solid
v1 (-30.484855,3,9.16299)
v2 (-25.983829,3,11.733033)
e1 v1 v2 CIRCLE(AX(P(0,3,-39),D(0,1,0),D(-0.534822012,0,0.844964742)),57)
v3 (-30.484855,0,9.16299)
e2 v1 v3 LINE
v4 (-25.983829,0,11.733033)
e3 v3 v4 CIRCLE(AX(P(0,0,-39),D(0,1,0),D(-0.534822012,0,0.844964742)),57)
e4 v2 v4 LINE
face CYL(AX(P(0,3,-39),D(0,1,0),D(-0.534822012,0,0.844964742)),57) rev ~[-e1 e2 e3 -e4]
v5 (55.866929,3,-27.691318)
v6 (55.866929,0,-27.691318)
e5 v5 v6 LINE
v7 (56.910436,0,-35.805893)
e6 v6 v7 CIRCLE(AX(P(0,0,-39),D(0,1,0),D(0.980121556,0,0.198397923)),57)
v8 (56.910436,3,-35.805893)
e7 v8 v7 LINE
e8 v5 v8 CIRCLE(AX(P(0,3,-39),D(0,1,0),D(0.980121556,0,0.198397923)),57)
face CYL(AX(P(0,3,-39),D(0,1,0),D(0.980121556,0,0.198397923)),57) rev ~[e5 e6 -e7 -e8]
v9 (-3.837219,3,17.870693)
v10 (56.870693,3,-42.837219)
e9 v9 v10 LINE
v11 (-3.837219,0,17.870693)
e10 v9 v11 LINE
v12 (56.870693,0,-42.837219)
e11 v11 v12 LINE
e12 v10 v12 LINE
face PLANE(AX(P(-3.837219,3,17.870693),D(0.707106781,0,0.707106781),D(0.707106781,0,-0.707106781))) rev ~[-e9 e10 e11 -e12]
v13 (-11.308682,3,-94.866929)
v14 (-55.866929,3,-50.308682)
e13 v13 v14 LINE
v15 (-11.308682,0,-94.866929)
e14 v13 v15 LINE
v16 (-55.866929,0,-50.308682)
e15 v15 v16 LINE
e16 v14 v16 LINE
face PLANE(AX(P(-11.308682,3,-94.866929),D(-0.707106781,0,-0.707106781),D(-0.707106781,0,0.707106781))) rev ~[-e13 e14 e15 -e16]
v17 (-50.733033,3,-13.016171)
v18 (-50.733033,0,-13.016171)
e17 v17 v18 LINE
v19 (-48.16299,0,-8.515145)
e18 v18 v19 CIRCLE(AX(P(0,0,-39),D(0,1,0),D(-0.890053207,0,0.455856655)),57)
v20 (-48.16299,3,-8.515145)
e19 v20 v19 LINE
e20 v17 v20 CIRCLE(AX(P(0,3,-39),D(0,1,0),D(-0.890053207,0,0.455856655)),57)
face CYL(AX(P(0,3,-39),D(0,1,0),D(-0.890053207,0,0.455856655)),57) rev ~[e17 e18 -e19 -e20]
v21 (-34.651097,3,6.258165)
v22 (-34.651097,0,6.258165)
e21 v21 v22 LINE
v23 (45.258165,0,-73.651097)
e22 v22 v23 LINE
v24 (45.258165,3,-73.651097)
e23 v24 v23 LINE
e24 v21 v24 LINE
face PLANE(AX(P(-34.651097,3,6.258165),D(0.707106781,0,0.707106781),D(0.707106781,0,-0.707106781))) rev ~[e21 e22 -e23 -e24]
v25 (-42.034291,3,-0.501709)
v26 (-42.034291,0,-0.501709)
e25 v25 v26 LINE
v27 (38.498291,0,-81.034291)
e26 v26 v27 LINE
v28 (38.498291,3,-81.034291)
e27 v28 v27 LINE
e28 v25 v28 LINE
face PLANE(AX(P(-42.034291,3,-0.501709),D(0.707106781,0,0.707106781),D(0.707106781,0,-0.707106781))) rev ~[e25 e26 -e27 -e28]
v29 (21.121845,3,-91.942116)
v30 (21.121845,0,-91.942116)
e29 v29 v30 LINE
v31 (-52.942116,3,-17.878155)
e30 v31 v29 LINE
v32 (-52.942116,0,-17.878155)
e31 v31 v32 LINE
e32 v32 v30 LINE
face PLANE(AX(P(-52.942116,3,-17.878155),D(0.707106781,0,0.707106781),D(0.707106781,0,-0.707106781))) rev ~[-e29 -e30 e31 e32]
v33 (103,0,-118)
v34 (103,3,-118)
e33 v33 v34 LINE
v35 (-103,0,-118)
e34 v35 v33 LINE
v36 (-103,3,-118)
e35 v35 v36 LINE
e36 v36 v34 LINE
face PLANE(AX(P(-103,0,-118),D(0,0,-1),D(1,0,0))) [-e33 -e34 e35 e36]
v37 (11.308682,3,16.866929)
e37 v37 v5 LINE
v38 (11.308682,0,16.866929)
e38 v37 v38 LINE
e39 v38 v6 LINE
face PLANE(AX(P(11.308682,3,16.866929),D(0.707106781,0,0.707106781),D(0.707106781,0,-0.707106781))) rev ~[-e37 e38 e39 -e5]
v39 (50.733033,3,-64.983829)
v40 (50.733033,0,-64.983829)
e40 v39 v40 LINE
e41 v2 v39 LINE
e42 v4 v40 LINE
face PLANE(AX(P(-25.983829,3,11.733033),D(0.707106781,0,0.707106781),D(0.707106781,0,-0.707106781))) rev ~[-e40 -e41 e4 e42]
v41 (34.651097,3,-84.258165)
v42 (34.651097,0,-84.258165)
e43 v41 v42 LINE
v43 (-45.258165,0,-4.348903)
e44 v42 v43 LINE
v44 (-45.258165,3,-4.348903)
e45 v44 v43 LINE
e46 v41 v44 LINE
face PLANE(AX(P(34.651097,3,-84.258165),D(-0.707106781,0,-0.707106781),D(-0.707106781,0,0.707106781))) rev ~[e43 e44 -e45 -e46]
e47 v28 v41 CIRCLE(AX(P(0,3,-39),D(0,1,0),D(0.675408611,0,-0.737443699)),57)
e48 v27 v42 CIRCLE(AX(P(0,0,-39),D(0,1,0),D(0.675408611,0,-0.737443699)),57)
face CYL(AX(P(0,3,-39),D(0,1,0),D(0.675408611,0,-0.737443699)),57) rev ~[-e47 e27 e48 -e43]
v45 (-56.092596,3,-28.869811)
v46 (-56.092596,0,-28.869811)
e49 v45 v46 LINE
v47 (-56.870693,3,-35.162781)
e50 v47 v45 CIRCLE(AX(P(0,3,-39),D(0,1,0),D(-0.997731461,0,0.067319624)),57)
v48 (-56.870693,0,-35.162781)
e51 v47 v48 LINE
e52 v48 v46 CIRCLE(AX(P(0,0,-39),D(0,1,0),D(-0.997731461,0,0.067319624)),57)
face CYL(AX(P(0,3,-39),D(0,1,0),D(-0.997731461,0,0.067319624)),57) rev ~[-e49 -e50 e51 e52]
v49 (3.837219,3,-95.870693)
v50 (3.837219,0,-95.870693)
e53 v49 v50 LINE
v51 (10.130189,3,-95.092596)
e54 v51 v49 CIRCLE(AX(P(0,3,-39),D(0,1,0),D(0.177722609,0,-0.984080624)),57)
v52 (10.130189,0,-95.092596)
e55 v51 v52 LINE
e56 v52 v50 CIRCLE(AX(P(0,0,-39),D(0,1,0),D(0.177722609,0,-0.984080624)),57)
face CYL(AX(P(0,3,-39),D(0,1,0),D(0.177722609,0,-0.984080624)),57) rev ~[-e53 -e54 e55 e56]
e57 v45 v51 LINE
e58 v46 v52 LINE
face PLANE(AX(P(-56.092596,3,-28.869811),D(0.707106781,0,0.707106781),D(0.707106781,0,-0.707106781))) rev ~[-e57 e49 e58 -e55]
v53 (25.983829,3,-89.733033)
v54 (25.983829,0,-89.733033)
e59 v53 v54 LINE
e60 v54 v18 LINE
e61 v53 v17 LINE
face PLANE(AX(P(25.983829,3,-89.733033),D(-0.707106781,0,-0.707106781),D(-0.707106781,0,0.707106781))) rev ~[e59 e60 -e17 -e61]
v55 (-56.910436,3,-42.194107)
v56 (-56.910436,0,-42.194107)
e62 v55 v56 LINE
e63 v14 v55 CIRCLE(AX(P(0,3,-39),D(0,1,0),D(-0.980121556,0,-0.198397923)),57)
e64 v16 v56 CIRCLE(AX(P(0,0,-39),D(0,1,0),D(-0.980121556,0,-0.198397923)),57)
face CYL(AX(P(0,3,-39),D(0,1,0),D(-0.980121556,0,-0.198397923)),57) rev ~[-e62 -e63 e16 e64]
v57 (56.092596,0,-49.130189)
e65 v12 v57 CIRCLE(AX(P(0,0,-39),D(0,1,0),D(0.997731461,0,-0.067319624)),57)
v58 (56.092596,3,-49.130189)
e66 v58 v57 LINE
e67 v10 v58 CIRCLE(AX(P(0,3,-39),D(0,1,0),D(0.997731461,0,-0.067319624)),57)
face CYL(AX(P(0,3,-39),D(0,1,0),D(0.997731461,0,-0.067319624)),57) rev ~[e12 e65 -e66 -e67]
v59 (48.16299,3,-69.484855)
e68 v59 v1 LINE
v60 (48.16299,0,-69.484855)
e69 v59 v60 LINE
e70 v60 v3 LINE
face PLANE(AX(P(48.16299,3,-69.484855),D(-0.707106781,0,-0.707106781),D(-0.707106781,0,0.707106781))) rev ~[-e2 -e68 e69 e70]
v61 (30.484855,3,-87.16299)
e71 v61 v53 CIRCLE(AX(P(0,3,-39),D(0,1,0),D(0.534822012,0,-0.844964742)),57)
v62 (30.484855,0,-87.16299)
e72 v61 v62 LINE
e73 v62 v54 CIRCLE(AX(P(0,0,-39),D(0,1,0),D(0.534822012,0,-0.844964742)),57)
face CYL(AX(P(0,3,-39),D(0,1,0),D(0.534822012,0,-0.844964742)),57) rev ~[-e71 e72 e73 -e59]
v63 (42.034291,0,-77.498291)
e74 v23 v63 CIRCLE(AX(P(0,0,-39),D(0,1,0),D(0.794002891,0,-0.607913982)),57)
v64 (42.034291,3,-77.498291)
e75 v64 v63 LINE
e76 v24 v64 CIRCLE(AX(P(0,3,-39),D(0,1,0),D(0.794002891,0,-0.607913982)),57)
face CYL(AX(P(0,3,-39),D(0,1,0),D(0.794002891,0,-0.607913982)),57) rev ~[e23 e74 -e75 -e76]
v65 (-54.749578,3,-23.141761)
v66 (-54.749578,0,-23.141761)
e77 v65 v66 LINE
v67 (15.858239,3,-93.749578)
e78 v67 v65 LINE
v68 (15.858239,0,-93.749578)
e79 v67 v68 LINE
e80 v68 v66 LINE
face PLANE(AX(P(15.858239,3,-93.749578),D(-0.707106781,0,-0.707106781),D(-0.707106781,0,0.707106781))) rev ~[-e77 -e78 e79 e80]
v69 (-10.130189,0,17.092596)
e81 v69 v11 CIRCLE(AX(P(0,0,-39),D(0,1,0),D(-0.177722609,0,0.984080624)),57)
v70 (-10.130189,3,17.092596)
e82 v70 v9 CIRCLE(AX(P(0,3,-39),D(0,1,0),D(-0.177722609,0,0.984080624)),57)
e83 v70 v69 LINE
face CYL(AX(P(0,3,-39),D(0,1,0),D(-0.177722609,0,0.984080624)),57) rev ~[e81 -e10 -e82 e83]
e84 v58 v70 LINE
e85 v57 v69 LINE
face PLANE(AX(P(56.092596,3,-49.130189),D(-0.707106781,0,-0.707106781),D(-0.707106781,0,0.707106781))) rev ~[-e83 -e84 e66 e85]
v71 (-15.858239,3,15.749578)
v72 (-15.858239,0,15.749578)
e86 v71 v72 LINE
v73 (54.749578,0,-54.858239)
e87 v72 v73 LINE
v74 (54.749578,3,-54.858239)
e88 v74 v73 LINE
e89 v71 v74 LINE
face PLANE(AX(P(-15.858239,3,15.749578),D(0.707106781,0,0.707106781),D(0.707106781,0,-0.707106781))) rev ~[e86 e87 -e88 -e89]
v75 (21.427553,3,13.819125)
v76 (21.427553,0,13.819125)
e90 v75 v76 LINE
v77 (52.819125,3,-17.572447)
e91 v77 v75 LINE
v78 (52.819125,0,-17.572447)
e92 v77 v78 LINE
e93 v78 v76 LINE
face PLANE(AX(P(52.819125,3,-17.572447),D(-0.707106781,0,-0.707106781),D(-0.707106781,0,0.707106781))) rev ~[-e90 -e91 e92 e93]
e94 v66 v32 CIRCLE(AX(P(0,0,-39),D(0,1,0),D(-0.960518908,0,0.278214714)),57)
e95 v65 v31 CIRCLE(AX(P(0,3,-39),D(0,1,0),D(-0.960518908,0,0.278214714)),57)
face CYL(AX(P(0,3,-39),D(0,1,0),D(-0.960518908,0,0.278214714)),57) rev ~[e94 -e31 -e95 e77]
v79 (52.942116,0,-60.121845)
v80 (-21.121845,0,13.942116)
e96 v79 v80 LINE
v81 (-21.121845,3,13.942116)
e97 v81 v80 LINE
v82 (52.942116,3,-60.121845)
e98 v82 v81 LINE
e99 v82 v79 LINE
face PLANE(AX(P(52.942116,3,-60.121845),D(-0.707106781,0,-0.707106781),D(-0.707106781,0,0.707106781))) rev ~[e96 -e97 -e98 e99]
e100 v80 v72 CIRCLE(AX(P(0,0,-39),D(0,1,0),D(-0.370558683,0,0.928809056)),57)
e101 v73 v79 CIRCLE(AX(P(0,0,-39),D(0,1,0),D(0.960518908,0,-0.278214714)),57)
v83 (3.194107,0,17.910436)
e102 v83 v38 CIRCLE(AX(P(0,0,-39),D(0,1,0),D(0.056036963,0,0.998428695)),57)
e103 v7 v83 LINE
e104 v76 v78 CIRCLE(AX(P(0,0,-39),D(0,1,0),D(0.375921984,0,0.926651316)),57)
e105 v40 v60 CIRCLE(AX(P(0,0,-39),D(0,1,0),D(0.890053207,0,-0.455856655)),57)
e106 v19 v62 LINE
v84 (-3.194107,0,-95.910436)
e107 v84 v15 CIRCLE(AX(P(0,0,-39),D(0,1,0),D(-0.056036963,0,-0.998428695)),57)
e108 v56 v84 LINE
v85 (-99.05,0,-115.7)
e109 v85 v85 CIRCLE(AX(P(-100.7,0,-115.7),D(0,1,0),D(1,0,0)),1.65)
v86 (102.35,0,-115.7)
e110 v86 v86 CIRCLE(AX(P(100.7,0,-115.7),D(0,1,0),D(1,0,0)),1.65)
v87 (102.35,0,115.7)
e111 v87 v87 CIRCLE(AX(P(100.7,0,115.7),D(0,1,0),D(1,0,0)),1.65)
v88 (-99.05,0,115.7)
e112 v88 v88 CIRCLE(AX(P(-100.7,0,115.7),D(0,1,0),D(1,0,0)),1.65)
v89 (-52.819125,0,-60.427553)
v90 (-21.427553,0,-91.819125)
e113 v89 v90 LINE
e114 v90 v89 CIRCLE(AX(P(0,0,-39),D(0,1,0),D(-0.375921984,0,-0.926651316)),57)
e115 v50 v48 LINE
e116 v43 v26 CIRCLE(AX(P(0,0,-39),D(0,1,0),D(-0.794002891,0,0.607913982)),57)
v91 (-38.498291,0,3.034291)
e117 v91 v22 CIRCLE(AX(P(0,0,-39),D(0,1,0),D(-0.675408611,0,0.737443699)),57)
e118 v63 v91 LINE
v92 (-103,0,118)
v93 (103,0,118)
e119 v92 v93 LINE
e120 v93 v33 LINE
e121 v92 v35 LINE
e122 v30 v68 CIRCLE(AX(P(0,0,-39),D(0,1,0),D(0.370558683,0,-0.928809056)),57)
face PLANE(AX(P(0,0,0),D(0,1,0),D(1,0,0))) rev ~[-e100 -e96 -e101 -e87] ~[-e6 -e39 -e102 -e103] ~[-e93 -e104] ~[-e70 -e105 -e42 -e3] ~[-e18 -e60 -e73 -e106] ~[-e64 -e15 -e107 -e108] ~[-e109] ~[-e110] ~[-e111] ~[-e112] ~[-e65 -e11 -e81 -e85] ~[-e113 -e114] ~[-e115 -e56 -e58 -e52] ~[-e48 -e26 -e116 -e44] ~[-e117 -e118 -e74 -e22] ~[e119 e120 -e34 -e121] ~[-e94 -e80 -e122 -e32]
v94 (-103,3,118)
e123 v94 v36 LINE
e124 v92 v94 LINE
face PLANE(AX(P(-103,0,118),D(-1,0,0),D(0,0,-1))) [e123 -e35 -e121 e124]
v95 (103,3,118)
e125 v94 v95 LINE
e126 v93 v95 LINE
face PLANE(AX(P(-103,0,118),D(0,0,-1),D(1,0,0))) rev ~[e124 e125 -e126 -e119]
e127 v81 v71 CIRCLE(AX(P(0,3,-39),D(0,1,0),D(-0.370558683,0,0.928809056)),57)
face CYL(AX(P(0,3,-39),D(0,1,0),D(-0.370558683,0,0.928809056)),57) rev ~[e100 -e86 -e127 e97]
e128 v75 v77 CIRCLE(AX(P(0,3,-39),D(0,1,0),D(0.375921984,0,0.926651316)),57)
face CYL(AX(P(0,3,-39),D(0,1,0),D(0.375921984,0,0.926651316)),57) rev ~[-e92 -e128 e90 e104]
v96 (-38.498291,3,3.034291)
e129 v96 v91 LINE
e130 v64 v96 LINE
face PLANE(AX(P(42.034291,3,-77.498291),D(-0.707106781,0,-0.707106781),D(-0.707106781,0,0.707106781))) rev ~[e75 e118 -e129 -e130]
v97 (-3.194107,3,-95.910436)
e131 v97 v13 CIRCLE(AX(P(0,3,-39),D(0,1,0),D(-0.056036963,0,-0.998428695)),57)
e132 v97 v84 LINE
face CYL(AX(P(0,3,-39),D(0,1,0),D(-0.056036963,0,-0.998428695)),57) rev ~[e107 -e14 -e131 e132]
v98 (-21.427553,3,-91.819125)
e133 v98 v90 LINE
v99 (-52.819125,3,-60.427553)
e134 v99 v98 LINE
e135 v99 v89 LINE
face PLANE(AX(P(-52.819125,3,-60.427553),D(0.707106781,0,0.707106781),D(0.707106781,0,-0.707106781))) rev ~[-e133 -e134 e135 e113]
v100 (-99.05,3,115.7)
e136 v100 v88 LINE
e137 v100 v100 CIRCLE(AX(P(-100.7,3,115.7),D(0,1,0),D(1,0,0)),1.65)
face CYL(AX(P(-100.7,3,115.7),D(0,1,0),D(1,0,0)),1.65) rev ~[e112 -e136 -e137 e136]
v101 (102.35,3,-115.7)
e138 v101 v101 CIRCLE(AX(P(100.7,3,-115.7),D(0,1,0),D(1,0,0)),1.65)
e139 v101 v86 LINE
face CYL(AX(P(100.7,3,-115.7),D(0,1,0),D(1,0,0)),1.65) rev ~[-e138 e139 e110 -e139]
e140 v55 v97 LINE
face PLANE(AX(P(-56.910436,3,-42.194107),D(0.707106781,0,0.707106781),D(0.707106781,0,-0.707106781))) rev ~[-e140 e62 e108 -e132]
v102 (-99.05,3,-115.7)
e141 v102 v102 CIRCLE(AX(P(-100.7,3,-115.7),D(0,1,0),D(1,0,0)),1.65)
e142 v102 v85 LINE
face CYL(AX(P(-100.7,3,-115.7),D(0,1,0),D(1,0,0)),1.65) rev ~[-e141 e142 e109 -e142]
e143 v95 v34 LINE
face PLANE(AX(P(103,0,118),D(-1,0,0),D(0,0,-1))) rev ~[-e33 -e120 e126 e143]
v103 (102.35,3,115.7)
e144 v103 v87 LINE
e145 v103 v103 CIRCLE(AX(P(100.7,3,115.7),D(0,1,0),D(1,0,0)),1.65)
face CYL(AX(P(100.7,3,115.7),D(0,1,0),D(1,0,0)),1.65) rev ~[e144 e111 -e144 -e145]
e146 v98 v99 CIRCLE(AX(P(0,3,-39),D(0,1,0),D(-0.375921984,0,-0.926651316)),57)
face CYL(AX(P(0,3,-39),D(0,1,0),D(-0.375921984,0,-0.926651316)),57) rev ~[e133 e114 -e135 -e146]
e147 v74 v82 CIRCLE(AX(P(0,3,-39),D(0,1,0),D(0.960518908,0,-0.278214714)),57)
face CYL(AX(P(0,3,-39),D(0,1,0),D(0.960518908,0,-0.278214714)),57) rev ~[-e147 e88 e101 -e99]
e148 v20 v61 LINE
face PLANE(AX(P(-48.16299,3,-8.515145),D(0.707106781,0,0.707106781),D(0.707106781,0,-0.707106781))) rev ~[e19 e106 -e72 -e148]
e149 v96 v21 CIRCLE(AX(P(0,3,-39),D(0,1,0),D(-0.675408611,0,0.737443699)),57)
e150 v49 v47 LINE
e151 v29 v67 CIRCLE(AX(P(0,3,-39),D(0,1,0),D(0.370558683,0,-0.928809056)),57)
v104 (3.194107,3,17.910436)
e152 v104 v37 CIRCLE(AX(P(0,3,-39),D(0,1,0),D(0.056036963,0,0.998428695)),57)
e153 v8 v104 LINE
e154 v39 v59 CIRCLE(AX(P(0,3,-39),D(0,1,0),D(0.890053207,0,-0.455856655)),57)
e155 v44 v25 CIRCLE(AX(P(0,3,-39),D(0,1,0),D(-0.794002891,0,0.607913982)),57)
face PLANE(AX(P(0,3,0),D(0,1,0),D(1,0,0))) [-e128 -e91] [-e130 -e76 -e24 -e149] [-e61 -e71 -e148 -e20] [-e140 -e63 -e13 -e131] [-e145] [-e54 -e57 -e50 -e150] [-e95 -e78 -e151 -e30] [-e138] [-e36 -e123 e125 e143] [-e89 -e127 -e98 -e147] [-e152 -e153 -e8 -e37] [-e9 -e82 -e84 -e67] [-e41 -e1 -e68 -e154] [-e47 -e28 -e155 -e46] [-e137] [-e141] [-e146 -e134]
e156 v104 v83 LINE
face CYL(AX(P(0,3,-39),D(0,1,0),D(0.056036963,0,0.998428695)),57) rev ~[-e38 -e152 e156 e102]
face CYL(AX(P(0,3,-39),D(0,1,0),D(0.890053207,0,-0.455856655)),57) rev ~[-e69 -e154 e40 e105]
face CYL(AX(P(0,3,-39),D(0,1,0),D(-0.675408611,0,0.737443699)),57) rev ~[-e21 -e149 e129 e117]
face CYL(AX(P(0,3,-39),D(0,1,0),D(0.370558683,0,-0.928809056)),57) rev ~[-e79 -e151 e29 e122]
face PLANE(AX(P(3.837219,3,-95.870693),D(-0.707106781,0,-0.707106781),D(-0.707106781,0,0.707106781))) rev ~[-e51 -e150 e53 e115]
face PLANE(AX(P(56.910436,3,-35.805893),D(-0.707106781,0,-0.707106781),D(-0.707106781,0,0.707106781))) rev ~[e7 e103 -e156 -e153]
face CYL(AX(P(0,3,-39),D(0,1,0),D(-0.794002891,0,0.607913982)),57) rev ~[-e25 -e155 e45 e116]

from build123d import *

# Parameters (mm, degrees)
SKIZZE1_W                       = 206
SKIZZE1_H                       = 236
AUFSATZ_LINEAR_AUSTRAGEN1_DEPTH = 3
SCHNITT_LINEAR_AUSTRAGEN2_DEPTH = 3
SKIZZE3_R                       = 1.65
SCHNITT_LINEAR_AUSTRAGEN3_DEPTH = 3


with BuildPart() as part:
    # Skizze1 → Aufsatz-Linear austragen1 (new body)
    with BuildSketch(Plane(origin=(0, 0, 0), x_dir=(1, 0, 0), z_dir=(0, 1, 0))):
        Rectangle(SKIZZE1_W, SKIZZE1_H)
    extrude(amount=AUFSATZ_LINEAR_AUSTRAGEN1_DEPTH)

    # Skizze2 → Schnitt-Linear austragen2 (cut)
    with BuildSketch(Plane(origin=(0, 3, 0), x_dir=(1, 0, 0), z_dir=(0, 1, 0))):
        with BuildLine():
            ThreePointArc((-21.427553093, 91.819125025), (-40.305086528, 79.305086528), (-52.819125025, 60.427553093))
            Line((-52.819125025, 60.427553093), (-21.427553093, 91.819125025))
        make_face()
        with BuildLine():
            ThreePointArc((-55.866928677, 50.30868163), (-56.534459002, 46.27014067), (-56.910435609, 42.194106886))
            Line((-56.910435609, 42.194106886), (-3.194106886, 95.910435609))
            ThreePointArc((-3.194106886, 95.910435609), (-7.27014067, 95.534459002), (-11.30868163, 94.866928677))
            Line((-11.30868163, 94.866928677), (-55.866928677, 50.30868163))
        make_face()
        with BuildLine():
            ThreePointArc((-56.870693274, 35.162781409), (-56.569218878, 32.005468167), (-56.092595564, 28.869811308))
            Line((-56.092595564, 28.869811308), (10.130188692, 95.092595564))
            ThreePointArc((10.130188692, 95.092595564), (6.994531833, 95.569218878), (3.837218591, 95.870693274))
            Line((3.837218591, 95.870693274), (-56.870693274, 35.162781409))
        make_face()
        with BuildLine():
            ThreePointArc((-54.749577763, 23.141761296), (-53.910125432, 20.487885699), (-52.942116187, 17.878155061))
            Line((-52.942116187, 17.878155061), (21.121844939, 91.942116187))
            ThreePointArc((21.121844939, 91.942116187), (18.512114301, 92.910125432), (15.858238704, 93.749577763))
            Line((15.858238704, 93.749577763), (-54.749577763, 23.141761296))
        make_face()
        with BuildLine():
            ThreePointArc((-50.733032764, 13.016170672), (-49.499198499, 10.736430728), (-48.162990305, 8.515145319))
            Line((-48.162990305, 8.515145319), (30.484854681, 87.162990305))
            ThreePointArc((30.484854681, 87.162990305), (28.263569272, 88.499198499), (25.983829328, 89.733032764))
            Line((25.983829328, 89.733032764), (-50.733032764, 13.016170672))
        make_face()
        with BuildLine():
            ThreePointArc((-45.258164778, 4.348903034), (-43.688596063, 2.389802322), (-42.034290815, 0.501709185))
            Line((-42.034290815, 0.501709185), (38.498290815, 81.034290815))
            ThreePointArc((38.498290815, 81.034290815), (36.610197678, 82.688596063), (34.651096966, 84.258164778))
            Line((34.651096966, 84.258164778), (-45.258164778, 4.348903034))
        make_face()
        with BuildLine():
            Line((42.034290815, 77.498290815), (-38.498290815, -3.034290815))
            ThreePointArc((-38.498290815, -3.034290815), (-36.610197678, -4.688596063), (-34.651096966, -6.258164778))
            Line((-34.651096966, -6.258164778), (45.258164778, 73.651096966))
            ThreePointArc((45.258164778, 73.651096966), (43.688596063, 75.610197678), (42.034290815, 77.498290815))
        make_face()
        with BuildLine():
            Line((48.162990305, 69.484854681), (-30.484854681, -9.162990305))
            ThreePointArc((-30.484854681, -9.162990305), (-28.263569272, -10.499198499), (-25.983829328, -11.733032764))
            Line((-25.983829328, -11.733032764), (50.733032764, 64.983829328))
            ThreePointArc((50.733032764, 64.983829328), (49.499198499, 67.263569272), (48.162990305, 69.484854681))
        make_face()
        with BuildLine():
            Line((52.942116187, 60.121844939), (-21.121844939, -13.942116187))
            ThreePointArc((-21.121844939, -13.942116187), (-18.512114301, -14.910125432), (-15.858238704, -15.749577763))
            Line((-15.858238704, -15.749577763), (54.749577763, 54.858238704))
            ThreePointArc((54.749577763, 54.858238704), (53.910125432, 57.512114301), (52.942116187, 60.121844939))
        make_face()
        with BuildLine():
            Line((56.092595564, 49.130188692), (-10.130188692, -17.092595564))
            ThreePointArc((-10.130188692, -17.092595564), (-6.994531833, -17.569218878), (-3.837218591, -17.870693274))
            Line((-3.837218591, -17.870693274), (56.870693274, 42.837218591))
            ThreePointArc((56.870693274, 42.837218591), (56.569218878, 45.994531833), (56.092595564, 49.130188692))
        make_face()
        with BuildLine():
            Line((56.910435609, 35.805893114), (3.194106886, -17.910435609))
            ThreePointArc((3.194106886, -17.910435609), (7.27014067, -17.534459002), (11.30868163, -16.866928677))
            Line((11.30868163, -16.866928677), (55.866928677, 27.69131837))
            ThreePointArc((55.866928677, 27.69131837), (56.534459002, 31.72985933), (56.910435609, 35.805893114))
        make_face()
        with BuildLine():
            Line((52.819125025, 17.572446907), (21.427553093, -13.819125025))
            ThreePointArc((21.427553093, -13.819125025), (40.305086528, -1.305086528), (52.819125025, 17.572446907))
        make_face()
    extrude(amount=-SCHNITT_LINEAR_AUSTRAGEN2_DEPTH, mode=Mode.SUBTRACT)

    # Skizze3 → Schnitt-Linear austragen3 (cut)
    with BuildSketch(Plane(origin=(0, 3, 0), x_dir=(1, 0, 0), z_dir=(0, 1, 0))):
        with Locations((-100.7, 115.7)):
            Circle(SKIZZE3_R)
        with Locations((100.7, 115.7)):
            Circle(SKIZZE3_R)
        with Locations((100.7, -115.7)):
            Circle(SKIZZE3_R)
        with Locations((-100.7, -115.7)):
            Circle(SKIZZE3_R)
    extrude(amount=-SCHNITT_LINEAR_AUSTRAGEN3_DEPTH, mode=Mode.SUBTRACT)


solid = part.part
